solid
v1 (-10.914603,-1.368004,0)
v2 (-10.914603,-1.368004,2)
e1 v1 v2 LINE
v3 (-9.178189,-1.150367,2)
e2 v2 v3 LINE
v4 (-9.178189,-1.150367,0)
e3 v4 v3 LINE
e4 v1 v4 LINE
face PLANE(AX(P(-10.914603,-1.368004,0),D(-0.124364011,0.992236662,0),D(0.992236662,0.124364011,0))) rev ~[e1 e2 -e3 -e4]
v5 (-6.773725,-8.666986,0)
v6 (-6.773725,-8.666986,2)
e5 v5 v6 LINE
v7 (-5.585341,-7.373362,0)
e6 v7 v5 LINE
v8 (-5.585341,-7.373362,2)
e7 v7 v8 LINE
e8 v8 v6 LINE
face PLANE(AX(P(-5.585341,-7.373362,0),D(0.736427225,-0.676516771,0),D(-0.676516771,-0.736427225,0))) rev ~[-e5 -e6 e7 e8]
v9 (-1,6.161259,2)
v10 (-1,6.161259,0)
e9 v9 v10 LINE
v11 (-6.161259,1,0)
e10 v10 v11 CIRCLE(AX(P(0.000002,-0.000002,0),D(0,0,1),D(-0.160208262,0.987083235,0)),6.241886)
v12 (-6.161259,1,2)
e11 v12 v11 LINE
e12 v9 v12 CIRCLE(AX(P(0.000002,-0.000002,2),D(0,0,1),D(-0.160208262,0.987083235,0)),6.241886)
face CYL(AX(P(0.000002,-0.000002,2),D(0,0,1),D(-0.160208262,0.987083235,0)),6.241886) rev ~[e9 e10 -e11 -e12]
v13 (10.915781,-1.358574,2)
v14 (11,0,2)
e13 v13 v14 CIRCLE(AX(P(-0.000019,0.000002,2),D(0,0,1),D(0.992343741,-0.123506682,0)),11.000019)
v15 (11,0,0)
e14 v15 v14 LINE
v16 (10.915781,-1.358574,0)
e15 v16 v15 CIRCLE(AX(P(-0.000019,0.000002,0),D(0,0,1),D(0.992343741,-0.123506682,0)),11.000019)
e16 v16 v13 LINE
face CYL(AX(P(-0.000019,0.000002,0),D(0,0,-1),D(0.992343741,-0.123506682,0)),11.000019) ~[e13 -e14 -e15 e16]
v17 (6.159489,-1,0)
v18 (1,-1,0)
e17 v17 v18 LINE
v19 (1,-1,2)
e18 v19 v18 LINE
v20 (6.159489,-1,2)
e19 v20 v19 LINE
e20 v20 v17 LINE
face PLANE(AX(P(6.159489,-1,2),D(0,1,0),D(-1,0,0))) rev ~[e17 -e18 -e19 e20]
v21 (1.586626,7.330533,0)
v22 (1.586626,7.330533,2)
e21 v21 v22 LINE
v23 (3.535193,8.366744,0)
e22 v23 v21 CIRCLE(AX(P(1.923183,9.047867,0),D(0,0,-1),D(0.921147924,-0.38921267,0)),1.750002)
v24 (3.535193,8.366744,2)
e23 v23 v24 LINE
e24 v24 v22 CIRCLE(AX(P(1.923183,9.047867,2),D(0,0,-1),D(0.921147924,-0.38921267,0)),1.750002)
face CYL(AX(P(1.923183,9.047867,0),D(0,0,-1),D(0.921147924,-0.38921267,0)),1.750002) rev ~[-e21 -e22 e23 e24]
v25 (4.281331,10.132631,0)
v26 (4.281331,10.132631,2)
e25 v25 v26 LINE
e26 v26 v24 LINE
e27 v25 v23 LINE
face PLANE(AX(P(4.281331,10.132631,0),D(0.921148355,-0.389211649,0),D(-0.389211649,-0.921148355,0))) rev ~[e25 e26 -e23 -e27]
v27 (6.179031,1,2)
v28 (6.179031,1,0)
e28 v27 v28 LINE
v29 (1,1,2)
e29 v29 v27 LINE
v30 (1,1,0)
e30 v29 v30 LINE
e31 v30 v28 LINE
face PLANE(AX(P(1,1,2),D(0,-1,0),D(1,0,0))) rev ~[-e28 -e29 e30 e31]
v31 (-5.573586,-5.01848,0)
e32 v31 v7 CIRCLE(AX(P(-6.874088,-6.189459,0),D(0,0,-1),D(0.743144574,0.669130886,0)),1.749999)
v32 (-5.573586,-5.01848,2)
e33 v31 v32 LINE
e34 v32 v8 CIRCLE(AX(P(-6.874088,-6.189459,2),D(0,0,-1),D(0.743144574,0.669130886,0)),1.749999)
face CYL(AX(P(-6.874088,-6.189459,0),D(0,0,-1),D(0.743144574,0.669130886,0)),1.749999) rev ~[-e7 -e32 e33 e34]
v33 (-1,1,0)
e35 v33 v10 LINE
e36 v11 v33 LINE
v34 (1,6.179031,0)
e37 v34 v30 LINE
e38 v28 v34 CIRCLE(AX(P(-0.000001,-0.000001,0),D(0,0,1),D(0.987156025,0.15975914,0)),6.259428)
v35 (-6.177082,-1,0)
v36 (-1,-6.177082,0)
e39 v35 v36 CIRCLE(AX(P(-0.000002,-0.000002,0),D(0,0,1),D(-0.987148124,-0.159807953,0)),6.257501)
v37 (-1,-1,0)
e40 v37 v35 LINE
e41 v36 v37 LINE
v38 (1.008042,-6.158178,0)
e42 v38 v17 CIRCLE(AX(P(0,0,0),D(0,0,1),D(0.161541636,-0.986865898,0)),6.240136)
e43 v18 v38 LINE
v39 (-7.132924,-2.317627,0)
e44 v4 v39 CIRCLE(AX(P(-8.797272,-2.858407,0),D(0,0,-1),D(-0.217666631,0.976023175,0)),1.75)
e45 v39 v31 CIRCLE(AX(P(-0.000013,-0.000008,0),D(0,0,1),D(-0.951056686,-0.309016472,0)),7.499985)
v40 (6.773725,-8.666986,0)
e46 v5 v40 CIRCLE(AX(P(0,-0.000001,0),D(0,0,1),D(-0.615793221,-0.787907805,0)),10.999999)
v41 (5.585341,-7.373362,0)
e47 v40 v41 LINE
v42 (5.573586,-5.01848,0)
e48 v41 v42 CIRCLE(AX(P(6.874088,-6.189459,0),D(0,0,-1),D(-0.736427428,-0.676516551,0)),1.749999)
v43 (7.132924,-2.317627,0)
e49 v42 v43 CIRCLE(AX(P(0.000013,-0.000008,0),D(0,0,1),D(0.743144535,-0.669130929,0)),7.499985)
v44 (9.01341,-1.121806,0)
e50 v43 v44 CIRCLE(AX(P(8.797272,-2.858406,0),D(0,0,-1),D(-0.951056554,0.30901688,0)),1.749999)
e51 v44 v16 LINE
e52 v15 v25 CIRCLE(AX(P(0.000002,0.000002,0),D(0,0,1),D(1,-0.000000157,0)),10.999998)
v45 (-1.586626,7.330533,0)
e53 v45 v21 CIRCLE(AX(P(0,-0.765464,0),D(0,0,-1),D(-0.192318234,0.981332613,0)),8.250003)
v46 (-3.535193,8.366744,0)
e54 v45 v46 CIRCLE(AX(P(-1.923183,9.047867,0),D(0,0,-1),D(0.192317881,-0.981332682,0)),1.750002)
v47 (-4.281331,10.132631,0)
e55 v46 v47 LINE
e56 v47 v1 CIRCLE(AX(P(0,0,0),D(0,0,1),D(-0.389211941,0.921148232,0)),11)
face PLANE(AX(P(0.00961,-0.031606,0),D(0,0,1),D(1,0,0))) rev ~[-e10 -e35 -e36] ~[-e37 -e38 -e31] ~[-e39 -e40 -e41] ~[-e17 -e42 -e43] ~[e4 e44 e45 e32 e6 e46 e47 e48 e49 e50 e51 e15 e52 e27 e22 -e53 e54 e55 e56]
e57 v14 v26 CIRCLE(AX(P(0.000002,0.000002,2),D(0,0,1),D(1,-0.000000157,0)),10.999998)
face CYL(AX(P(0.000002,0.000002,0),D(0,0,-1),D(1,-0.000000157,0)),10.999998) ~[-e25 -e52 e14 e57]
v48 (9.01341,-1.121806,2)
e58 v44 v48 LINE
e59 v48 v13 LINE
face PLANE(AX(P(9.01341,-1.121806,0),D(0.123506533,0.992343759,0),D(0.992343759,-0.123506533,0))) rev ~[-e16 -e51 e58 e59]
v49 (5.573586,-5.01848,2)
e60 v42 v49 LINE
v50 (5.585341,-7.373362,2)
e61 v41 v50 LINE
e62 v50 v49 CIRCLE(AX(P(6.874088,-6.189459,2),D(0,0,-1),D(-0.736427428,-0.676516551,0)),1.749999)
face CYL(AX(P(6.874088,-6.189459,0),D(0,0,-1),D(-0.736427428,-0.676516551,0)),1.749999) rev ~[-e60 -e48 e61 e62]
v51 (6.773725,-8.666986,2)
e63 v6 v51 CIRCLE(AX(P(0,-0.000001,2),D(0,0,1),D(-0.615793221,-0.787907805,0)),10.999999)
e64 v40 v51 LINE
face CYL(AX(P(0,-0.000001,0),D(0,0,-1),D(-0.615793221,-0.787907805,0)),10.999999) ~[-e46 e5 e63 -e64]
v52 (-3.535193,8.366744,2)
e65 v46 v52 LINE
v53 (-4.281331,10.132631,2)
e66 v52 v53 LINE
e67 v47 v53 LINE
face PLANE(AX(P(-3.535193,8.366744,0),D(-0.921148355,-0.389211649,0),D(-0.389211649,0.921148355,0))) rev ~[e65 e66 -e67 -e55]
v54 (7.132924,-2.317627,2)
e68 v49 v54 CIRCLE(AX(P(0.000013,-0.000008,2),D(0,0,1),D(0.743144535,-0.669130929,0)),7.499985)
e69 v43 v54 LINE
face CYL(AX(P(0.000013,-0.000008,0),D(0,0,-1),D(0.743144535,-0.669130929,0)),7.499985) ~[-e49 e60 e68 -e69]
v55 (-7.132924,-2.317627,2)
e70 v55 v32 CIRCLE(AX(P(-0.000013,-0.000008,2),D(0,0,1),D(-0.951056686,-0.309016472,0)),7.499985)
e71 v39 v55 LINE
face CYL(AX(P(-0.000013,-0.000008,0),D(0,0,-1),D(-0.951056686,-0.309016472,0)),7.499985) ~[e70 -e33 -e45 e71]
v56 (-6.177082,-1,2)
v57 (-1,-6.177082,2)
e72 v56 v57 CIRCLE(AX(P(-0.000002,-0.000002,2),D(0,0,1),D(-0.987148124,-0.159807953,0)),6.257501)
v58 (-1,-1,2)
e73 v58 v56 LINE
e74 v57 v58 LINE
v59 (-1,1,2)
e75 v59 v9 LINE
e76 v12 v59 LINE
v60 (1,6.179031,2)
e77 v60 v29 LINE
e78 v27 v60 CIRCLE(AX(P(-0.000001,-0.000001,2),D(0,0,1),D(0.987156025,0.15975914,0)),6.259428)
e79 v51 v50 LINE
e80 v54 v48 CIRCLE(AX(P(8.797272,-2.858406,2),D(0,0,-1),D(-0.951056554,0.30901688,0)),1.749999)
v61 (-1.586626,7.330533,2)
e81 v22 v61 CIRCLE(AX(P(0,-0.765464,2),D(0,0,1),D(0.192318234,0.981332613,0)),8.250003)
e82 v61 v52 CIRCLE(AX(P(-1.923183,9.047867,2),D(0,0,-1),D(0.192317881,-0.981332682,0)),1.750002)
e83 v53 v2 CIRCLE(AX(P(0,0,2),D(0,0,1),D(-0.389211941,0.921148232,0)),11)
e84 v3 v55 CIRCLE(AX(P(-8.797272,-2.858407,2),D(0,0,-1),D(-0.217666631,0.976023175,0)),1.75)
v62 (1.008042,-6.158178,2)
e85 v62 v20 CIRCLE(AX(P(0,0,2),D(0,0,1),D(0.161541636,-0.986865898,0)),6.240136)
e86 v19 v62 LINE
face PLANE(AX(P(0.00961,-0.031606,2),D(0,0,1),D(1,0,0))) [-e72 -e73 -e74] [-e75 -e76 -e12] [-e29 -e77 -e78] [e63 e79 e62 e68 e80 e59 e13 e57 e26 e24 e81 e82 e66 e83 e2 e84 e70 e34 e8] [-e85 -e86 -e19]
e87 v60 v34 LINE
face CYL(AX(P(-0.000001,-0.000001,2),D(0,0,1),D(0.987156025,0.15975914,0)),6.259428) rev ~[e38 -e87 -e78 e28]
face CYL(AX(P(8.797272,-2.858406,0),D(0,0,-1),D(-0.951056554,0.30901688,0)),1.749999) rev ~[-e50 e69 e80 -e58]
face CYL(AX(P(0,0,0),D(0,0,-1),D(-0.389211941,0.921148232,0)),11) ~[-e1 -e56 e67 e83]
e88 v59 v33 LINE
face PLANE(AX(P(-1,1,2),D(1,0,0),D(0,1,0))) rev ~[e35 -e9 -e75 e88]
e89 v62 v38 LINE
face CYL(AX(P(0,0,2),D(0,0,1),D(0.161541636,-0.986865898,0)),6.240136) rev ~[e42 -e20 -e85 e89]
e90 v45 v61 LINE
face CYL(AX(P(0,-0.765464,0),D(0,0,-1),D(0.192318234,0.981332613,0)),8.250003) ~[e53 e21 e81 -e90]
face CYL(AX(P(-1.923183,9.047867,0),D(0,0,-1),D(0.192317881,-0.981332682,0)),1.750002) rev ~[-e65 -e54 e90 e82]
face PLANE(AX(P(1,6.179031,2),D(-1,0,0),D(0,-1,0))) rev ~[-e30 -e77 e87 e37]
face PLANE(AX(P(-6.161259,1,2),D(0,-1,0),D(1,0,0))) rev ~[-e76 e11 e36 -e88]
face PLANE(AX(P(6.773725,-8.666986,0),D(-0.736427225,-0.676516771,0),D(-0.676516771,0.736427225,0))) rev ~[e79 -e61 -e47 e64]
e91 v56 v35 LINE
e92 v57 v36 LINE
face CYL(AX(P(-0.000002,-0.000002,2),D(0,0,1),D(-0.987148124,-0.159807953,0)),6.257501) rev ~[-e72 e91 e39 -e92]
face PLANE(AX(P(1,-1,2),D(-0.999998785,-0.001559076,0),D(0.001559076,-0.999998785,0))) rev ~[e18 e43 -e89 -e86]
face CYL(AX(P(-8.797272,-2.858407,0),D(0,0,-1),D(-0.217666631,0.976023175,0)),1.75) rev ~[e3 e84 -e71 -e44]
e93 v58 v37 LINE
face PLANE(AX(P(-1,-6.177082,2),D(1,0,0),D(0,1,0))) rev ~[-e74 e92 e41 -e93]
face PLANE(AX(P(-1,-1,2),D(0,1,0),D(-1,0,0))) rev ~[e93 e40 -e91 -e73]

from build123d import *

# Parameters (mm, degrees)
F1_DEPTH = 2
F3_DEPTH = 25


with BuildPart() as f1:
    # F0 (on Top) → F1 (new body)
    with BuildSketch(Plane.XY):
        with BuildLine():
            Line((4.281331, 10.132631), (3.535193, 8.366744))
            ThreePointArc((3.535193, 8.366744), (2.744845, 7.502753), (1.586626, 7.330533))
            ThreePointArc((1.586626, 7.330533), (0, 7.484539), (-1.586626, 7.330533))
            ThreePointArc((-1.586626, 7.330533), (-2.744845, 7.502753), (-3.535193, 8.366744))
            Line((-3.535193, 8.366744), (-4.281331, 10.132631))
            ThreePointArc((-4.281331, 10.132631), (-9.528654, 5.495885), (-10.914603, -1.368004))
            Line((-10.914603, -1.368004), (-9.178189, -1.150367))
            ThreePointArc((-9.178189, -1.150367), (-7.929849, -1.338514), (-7.132924, -2.317627))
            ThreePointArc((-7.132924, -2.317627), (-6.495191, -3.75), (-5.573586, -5.01848))
            ThreePointArc((-5.573586, -5.01848), (-5.124111, -6.198194), (-5.585341, -7.373362))
            Line((-5.585341, -7.373362), (-6.773725, -8.666986))
            ThreePointArc((-6.773725, -8.666986), (0, -11), (6.773725, -8.666986))
            Line((6.773725, -8.666986), (5.585341, -7.373362))
            ThreePointArc((5.585341, -7.373362), (5.124111, -6.198194), (5.573586, -5.01848))
            ThreePointArc((5.573586, -5.01848), (6.495191, -3.75), (7.132924, -2.317627))
            ThreePointArc((7.132924, -2.317627), (7.858216, -1.381697), (9.01341, -1.121806))
            Line((9.01341, -1.121806), (10.915781, -1.358574))
            ThreePointArc((10.915781, -1.358574), (10.978925, -0.680591), (11, 0))
            ThreePointArc((11, 0), (9.167733, 6.078872), (4.281331, 10.132631))
        make_face()
    extrude(amount=F1_DEPTH)

    # F2 (on face) → F3 (cut)
    with BuildSketch(Plane.XY.offset(2)):
        with BuildLine():
            ThreePointArc((1.572898, 7.333212), (0, 7.5), (-1.572898, 7.333212))
            ThreePointArc((-1.572898, 7.333212), (0, 7.484539), (1.572898, 7.333212))
        make_face()
        with BuildLine():
            Line((-1, 1), (-1, 6.161259))
            ThreePointArc((-1, 6.161259), (-4.413678, 4.413678), (-6.161259, 1))
            Line((-6.161259, 1), (-1, 1))
        make_face()
        with BuildLine():
            ThreePointArc((6.179031, 1), (4.426083, 4.426083), (1, 6.179031))
            Line((1, 6.179031), (1, 1))
            Line((1, 1), (6.179031, 1))
        make_face()
        with BuildLine():
            ThreePointArc((1.008042, -6.158178), (4.415323, -4.409561), (6.159489, -1))
            Line((6.159489, -1), (1, -1))
            Line((1, -1), (1.008042, -6.158178))
        make_face()
        with BuildLine():
            Line((-1, -1), (-6.177082, -1))
            ThreePointArc((-6.177082, -1), (-4.424723, -4.424723), (-1, -6.177082))
            Line((-1, -6.177082), (-1, -1))
        make_face()
    extrude(amount=-F3_DEPTH, mode=Mode.SUBTRACT)


solid = f1.part
